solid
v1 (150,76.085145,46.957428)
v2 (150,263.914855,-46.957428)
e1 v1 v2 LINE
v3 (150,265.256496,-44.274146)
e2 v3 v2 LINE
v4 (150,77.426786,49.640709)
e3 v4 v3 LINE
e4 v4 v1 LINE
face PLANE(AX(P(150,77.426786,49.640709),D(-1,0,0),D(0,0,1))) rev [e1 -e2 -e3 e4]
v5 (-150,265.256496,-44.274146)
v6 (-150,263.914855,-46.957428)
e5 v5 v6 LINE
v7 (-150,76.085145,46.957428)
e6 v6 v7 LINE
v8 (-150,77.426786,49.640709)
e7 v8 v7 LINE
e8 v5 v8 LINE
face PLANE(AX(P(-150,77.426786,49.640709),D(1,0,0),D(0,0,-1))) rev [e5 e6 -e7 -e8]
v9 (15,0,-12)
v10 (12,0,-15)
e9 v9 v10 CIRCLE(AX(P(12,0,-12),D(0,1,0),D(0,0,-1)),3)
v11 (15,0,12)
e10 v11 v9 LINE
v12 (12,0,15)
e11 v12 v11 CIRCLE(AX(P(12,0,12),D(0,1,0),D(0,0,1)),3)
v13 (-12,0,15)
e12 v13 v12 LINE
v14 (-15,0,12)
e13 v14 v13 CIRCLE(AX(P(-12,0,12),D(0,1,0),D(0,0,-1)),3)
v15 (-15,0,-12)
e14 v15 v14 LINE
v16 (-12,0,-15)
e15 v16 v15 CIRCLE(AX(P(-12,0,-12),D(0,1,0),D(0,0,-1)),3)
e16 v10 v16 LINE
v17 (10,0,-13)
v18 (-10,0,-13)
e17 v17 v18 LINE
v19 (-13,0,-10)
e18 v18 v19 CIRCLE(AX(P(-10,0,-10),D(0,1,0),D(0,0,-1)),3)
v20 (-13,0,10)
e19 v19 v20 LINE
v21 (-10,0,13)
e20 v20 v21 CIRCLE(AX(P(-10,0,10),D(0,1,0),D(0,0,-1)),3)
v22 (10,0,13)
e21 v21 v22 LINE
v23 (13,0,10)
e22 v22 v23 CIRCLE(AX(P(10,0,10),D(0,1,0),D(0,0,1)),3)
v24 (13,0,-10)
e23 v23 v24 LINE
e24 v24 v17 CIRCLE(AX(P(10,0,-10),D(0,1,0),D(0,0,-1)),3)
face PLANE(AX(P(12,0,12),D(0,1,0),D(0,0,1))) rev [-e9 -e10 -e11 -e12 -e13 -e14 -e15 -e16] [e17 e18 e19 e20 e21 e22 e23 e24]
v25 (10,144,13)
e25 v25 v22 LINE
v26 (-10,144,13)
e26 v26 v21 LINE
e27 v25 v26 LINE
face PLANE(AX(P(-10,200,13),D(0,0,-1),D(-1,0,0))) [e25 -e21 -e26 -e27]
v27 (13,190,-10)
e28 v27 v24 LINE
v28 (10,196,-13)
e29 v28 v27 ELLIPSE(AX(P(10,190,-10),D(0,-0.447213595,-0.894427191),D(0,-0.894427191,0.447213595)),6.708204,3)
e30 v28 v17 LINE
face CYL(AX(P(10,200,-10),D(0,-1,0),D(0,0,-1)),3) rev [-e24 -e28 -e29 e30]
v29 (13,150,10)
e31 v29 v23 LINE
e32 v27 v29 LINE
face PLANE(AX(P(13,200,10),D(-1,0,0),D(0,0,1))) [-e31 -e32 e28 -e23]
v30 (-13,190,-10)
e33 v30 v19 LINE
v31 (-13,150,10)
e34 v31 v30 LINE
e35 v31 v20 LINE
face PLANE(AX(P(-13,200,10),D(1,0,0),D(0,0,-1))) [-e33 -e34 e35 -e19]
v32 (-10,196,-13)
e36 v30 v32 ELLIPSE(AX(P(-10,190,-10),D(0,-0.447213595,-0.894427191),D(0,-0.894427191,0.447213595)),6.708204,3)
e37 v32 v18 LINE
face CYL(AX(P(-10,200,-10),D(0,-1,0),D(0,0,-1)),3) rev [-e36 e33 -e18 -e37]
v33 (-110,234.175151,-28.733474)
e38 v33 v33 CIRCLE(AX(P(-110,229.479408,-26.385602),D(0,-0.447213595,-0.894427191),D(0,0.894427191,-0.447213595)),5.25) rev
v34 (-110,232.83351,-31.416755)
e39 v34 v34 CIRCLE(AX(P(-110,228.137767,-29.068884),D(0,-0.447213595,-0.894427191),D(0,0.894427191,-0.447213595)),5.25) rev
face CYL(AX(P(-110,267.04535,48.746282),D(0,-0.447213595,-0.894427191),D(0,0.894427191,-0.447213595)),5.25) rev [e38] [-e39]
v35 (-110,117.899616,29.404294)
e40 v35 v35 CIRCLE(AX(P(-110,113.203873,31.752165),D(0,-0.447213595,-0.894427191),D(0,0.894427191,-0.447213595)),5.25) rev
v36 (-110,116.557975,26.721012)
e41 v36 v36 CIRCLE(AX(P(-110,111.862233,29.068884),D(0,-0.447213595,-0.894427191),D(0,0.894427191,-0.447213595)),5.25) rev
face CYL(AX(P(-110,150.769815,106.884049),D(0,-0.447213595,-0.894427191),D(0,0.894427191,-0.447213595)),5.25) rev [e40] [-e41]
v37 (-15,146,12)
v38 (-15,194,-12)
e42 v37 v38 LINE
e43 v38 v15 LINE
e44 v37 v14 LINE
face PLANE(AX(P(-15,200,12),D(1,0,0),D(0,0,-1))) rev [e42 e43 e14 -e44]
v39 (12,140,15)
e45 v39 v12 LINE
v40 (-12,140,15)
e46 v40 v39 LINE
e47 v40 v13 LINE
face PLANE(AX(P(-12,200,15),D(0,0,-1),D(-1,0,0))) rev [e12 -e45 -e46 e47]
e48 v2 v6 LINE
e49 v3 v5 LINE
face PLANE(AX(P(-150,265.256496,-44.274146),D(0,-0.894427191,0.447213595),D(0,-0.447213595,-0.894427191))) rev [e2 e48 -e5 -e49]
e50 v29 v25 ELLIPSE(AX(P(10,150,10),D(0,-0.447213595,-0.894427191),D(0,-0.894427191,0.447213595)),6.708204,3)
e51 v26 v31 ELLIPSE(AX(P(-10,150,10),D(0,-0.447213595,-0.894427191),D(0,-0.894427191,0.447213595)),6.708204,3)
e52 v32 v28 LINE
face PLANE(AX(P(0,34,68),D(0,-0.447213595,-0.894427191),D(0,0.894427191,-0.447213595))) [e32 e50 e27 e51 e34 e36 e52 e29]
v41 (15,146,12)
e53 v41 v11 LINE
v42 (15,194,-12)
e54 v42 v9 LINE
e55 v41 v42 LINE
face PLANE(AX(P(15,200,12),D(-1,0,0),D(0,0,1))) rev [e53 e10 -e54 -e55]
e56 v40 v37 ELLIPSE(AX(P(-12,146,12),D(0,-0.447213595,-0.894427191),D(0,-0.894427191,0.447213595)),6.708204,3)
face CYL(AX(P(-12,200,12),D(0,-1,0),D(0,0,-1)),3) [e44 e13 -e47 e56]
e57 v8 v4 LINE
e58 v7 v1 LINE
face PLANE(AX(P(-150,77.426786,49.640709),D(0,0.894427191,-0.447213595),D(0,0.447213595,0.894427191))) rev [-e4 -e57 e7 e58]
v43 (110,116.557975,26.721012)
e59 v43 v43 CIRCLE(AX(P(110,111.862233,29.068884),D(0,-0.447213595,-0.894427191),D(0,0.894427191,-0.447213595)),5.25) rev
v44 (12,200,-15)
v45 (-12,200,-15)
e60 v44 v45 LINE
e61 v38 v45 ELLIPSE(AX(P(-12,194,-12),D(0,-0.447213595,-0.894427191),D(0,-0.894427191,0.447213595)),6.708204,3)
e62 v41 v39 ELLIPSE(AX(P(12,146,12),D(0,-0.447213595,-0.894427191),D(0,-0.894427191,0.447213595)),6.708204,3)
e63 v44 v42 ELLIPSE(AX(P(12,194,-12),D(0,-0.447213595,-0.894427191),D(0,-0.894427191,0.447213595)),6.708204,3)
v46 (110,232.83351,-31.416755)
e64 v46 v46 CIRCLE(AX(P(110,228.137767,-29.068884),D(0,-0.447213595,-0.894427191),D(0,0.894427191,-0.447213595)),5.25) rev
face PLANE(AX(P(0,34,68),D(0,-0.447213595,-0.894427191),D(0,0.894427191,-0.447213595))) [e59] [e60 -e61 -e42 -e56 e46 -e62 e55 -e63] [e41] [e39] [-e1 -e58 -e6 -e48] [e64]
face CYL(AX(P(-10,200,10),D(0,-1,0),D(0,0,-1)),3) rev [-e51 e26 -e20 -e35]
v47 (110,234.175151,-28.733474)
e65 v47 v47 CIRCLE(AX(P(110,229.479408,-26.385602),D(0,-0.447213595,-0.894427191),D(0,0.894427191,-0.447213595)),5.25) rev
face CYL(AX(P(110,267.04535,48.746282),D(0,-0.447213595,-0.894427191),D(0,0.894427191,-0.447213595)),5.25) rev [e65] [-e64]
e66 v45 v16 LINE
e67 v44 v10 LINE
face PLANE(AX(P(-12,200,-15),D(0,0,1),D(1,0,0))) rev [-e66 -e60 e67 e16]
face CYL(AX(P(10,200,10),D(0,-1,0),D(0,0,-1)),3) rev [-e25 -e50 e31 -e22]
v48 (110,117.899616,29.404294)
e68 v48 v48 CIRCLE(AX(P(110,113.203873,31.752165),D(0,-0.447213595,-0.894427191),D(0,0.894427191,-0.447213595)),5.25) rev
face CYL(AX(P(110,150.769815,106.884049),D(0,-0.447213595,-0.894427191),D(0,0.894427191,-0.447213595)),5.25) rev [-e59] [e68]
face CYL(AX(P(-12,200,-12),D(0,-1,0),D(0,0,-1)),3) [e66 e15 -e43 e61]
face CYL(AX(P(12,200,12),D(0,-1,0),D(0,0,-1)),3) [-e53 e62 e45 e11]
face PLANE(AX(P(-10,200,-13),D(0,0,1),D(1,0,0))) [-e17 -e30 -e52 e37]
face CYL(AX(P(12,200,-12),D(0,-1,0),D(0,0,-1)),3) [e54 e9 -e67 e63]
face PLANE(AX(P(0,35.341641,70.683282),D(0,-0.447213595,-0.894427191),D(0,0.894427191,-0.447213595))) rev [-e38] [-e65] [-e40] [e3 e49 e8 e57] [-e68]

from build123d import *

# Parameters (mm, degrees)
BOSS_EXTRU_1_DEPTH           = 200
ENL_V_MAT_EXTRU_1_DEPTH      = 100
ESQUISSE3_W                  = 300
ESQUISSE3_H                  = 210
BOSS_EXTRU_2_DEPTH           = 3
ENL_V_MAT_EXTRU_2_DEPTH      = 299.654946406
ENL_V_MAT_EXTRU_2_DEPTH_BACK = 299.654946406
ESQUISSE4_R                  = 5.25


with BuildPart() as part:
    # Esquisse1 → Boss.-Extru.1 (new body)
    with BuildSketch(Plane(origin=(0, 0, 0), x_dir=(1, 0, 0), z_dir=(0, 1, 0))):
        with BuildLine():
            Line((-12, -15), (12, -15))
            ThreePointArc((12, -15), (14.121320344, -14.121320344), (15, -12))
            Line((15, -12), (15, 12))
            ThreePointArc((15, 12), (14.121320344, 14.121320344), (12, 15))
            Line((12, 15), (-12, 15))
            ThreePointArc((-12, 15), (-14.121320344, 14.121320344), (-15, 12))
            Line((-15, 12), (-15, -12))
            ThreePointArc((-15, -12), (-14.121320344, -14.121320344), (-12, -15))
        make_face()
        with BuildLine():
            Line((-10, -13), (10, -13))
            ThreePointArc((10, -13), (12.121320344, -12.121320344), (13, -10))
            Line((13, -10), (13, 10))
            ThreePointArc((13, 10), (12.121320344, 12.121320344), (10, 13))
            Line((10, 13), (-10, 13))
            ThreePointArc((-10, 13), (-12.121320344, 12.121320344), (-13, 10))
            Line((-13, 10), (-13, -10))
            ThreePointArc((-13, -10), (-12.121320344, -12.121320344), (-10, -13))
        make_face(mode=Mode.SUBTRACT)
    extrude(amount=BOSS_EXTRU_1_DEPTH)

    # Esquisse2 → Enlèv. mat.-Extru.1 (cut)
    with BuildSketch(Plane(origin=(15, 0, 0), x_dir=(0, 0, -1), z_dir=(1, 0, 0))):
        Polygon((15, 200), (-15, 140), (-15, 200), align=None)
    extrude(amount=-ENL_V_MAT_EXTRU_1_DEPTH, mode=Mode.SUBTRACT)

    # Esquisse3 → Boss.-Extru.2 (add)
    with BuildSketch(Plane(origin=(0, 34, 68), x_dir=(1, 0, 0), z_dir=(0, 0.447213595499958, 0.8944271909999159))):
        with Locations((0, 152.05262247)):
            Rectangle(ESQUISSE3_W, ESQUISSE3_H)
    extrude(amount=BOSS_EXTRU_2_DEPTH)

    # Esquisse4 → Enlèv. mat.-Extru.2 (cut, two sides: drawn at the far end of the back side and taken through both)
    with BuildSketch(Plane(origin=(0, 34, 68), x_dir=(1, 0, 0), z_dir=(0, 0.447213595499958, 0.8944271909999159)).offset(-ENL_V_MAT_EXTRU_2_DEPTH_BACK)):
        with Locations(Location((-110, 217.05262247, 0), (0, 0, 90))):
            Circle(ESQUISSE4_R)
        with Locations(Location((110, 217.05262247, 0), (0, 0, 90))):
            Circle(ESQUISSE4_R)
        with Locations(Location((110, 87.05262247, 0), (0, 0, 90))):
            Circle(ESQUISSE4_R)
        with Locations(Location((-110, 87.05262247, 0), (0, 0, 90))):
            Circle(ESQUISSE4_R)
    extrude(amount=ENL_V_MAT_EXTRU_2_DEPTH + ENL_V_MAT_EXTRU_2_DEPTH_BACK, mode=Mode.SUBTRACT)


solid = part.part
